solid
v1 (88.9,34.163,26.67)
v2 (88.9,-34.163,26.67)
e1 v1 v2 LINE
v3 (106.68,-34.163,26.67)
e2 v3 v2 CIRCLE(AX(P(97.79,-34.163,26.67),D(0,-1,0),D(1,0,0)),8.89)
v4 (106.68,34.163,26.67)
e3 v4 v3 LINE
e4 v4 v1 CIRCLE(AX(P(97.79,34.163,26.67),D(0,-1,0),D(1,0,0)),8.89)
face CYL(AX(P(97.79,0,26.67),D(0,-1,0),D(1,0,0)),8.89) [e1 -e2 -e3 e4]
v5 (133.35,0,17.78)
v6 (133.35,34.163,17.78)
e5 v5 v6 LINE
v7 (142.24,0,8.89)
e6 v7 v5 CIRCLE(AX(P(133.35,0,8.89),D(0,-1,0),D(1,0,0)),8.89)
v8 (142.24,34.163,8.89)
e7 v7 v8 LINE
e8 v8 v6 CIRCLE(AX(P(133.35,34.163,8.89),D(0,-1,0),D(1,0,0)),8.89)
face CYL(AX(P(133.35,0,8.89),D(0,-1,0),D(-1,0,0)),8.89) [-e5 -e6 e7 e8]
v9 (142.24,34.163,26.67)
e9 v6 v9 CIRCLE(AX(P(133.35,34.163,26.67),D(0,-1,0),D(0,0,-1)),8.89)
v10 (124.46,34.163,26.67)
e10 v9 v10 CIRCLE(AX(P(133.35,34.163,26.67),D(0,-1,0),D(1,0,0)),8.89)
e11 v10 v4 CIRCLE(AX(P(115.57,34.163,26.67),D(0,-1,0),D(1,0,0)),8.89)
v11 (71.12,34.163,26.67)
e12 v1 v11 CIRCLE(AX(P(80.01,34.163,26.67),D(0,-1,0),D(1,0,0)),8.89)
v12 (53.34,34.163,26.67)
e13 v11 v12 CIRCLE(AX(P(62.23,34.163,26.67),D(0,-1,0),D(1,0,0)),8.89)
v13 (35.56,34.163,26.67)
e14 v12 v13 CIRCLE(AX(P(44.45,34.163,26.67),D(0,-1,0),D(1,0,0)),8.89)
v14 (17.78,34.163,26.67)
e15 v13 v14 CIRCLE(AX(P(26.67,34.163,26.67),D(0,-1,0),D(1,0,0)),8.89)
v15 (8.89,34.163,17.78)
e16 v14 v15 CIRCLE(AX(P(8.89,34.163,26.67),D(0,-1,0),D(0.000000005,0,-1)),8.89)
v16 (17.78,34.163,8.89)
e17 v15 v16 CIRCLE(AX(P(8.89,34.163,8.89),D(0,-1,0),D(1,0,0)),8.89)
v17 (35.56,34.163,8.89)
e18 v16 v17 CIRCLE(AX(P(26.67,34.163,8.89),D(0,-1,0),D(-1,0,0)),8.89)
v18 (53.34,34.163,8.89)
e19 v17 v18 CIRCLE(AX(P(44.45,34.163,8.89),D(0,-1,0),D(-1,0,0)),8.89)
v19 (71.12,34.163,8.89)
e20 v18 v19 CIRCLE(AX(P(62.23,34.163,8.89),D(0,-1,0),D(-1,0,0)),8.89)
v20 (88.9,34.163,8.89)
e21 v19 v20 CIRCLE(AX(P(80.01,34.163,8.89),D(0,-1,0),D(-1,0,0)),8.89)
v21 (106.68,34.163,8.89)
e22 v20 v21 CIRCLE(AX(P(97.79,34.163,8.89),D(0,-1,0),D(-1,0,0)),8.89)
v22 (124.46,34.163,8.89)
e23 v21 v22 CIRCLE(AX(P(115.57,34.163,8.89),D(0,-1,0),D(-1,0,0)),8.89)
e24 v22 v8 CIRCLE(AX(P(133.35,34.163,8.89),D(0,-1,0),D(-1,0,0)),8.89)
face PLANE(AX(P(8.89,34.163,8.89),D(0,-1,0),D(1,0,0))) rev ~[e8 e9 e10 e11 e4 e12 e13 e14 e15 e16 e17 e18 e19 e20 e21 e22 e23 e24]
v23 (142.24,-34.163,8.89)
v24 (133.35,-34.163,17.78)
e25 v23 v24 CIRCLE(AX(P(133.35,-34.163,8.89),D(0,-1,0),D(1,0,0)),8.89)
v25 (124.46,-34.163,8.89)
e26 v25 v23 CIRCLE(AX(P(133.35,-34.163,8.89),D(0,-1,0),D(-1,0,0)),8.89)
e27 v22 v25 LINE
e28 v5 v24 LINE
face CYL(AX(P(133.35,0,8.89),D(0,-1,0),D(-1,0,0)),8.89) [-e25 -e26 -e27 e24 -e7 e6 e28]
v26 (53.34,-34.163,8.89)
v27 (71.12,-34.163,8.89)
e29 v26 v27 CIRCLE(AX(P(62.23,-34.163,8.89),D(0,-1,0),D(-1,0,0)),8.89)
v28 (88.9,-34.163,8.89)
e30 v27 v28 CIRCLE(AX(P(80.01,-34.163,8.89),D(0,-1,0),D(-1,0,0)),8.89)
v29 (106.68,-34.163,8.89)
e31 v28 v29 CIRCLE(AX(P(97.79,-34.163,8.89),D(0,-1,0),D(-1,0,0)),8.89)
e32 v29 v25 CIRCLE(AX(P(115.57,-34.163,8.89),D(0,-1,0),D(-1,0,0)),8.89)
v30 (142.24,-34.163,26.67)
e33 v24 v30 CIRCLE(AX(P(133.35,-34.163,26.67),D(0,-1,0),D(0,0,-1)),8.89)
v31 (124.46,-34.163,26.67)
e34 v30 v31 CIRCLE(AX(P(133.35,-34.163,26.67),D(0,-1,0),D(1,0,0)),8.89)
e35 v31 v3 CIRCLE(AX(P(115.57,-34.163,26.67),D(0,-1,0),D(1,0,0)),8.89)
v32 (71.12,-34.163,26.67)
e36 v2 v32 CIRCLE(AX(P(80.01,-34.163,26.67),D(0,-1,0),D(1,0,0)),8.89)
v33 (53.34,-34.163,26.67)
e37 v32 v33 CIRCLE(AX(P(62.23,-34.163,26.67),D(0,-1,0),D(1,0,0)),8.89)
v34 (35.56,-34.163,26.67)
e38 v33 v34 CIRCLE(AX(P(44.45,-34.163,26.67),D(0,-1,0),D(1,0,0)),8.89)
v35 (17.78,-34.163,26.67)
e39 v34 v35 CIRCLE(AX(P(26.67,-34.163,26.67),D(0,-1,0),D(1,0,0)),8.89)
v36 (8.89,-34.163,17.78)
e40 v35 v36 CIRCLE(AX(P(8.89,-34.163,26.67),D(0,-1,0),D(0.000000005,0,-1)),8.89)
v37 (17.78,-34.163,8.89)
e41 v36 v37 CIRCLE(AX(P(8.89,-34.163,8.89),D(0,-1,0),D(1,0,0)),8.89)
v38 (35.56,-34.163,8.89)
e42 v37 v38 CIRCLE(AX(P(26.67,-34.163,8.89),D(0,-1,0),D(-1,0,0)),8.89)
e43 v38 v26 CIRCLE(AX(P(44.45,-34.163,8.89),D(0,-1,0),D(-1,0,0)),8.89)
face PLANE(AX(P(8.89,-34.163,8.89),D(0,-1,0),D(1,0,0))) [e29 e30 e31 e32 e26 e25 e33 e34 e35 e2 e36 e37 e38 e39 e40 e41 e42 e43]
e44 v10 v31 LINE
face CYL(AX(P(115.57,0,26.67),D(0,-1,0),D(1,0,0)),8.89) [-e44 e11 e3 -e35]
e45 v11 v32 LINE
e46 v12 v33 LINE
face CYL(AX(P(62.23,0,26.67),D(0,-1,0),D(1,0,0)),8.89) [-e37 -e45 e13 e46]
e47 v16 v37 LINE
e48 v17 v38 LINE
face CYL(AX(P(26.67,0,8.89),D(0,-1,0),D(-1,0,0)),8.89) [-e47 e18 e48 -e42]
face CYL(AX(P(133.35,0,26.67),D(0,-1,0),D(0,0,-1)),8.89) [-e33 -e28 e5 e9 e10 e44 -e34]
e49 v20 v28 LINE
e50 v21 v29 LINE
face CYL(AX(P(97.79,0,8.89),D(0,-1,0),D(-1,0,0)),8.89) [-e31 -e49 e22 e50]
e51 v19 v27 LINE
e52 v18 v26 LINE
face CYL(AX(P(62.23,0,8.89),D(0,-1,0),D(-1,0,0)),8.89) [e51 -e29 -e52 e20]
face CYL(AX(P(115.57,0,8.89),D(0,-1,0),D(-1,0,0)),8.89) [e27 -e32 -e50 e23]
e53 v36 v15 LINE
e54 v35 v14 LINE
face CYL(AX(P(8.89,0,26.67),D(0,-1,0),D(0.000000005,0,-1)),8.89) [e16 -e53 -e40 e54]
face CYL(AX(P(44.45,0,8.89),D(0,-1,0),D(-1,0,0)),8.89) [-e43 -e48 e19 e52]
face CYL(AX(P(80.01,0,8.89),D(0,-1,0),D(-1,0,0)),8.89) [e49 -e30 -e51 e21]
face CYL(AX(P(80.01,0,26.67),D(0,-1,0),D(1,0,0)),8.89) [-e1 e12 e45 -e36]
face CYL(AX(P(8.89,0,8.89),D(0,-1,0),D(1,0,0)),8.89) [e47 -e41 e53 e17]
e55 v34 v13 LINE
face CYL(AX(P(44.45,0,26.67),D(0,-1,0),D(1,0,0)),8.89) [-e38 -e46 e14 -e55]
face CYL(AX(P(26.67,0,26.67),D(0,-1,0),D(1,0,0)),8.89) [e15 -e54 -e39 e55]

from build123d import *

# Parameters (mm, degrees)
F1_DEPTH = 34.163


with BuildPart() as f1:
    # F0 (on Front) → F1 (new body, symmetric)
    with BuildSketch(Plane.XZ):
        with BuildLine():
            ThreePointArc((8.8900000424, 17.78), (2.6038207003, 2.6038207302), (17.78, 8.89))
            ThreePointArc((17.78, 8.89), (15.1761792997, 15.1761792698), (8.8900000424, 17.78))
        make_face()
        with BuildLine():
            ThreePointArc((26.67, 17.78), (20.3838207153, 15.1761792847), (17.78, 8.89))
            ThreePointArc((17.78, 8.89), (26.67, 0), (35.56, 8.89))
            ThreePointArc((35.56, 8.89), (32.9561792847, 15.1761792847), (26.67, 17.78))
        make_face()
        with BuildLine():
            ThreePointArc((8.8900000424, 17.78), (15.1761792997, 15.1761792698), (17.78, 8.89))
            ThreePointArc((17.78, 8.89), (20.3838207153, 15.1761792847), (26.67, 17.78))
            ThreePointArc((26.67, 17.78), (20.3838207153, 20.3838207153), (17.78, 26.67))
            ThreePointArc((17.78, 26.67), (15.1761792997, 20.3838207302), (8.8900000424, 17.78))
        make_face()
        with BuildLine():
            ThreePointArc((17.78, 26.67), (2.6038207003, 32.9561792698), (8.8900000424, 17.78))
            ThreePointArc((8.8900000424, 17.78), (15.1761792997, 20.3838207302), (17.78, 26.67))
        make_face()
        with BuildLine():
            ThreePointArc((44.45, 17.78), (38.1638207153, 15.1761792847), (35.56, 8.89))
            ThreePointArc((35.56, 8.89), (44.45, 0), (53.34, 8.89))
            ThreePointArc((53.34, 8.89), (50.7361792847, 15.1761792847), (44.45, 17.78))
        make_face()
        with BuildLine():
            ThreePointArc((26.67, 17.78), (32.9561792847, 15.1761792847), (35.56, 8.89))
            ThreePointArc((35.56, 8.89), (38.1638207153, 15.1761792847), (44.45, 17.78))
            ThreePointArc((44.45, 17.78), (38.1638207153, 20.3838207153), (35.56, 26.67))
            ThreePointArc((35.56, 26.67), (32.9561792847, 20.3838207153), (26.67, 17.78))
        make_face()
        with BuildLine():
            ThreePointArc((17.78, 26.67), (20.3838207153, 20.3838207153), (26.67, 17.78))
            ThreePointArc((26.67, 17.78), (32.9561792847, 20.3838207153), (35.56, 26.67))
            ThreePointArc((35.56, 26.67), (26.67, 35.56), (17.78, 26.67))
        make_face()
        with BuildLine():
            ThreePointArc((62.23, 17.78), (55.9438207153, 15.1761792847), (53.34, 8.89))
            ThreePointArc((53.34, 8.89), (62.23, 0), (71.12, 8.89))
            ThreePointArc((71.12, 8.89), (68.5161792847, 15.1761792847), (62.23, 17.78))
        make_face()
        with BuildLine():
            ThreePointArc((44.45, 17.78), (50.7361792847, 15.1761792847), (53.34, 8.89))
            ThreePointArc((53.34, 8.89), (55.9438207153, 15.1761792847), (62.23, 17.78))
            ThreePointArc((62.23, 17.78), (55.9438207153, 20.3838207153), (53.34, 26.67))
            ThreePointArc((53.34, 26.67), (50.7361792847, 20.3838207153), (44.45, 17.78))
        make_face()
        with BuildLine():
            ThreePointArc((35.56, 26.67), (38.1638207153, 20.3838207153), (44.45, 17.78))
            ThreePointArc((44.45, 17.78), (50.7361792847, 20.3838207153), (53.34, 26.67))
            ThreePointArc((53.34, 26.67), (44.45, 35.56), (35.56, 26.67))
        make_face()
        with BuildLine():
            ThreePointArc((80.01, 17.78), (73.7238207153, 15.1761792847), (71.12, 8.89))
            ThreePointArc((71.12, 8.89), (80.01, 0), (88.9, 8.89))
            ThreePointArc((88.9, 8.89), (86.2961792847, 15.1761792847), (80.01, 17.78))
        make_face()
        with BuildLine():
            ThreePointArc((62.23, 17.78), (68.5161792847, 15.1761792847), (71.12, 8.89))
            ThreePointArc((71.12, 8.89), (73.7238207153, 15.1761792847), (80.01, 17.78))
            ThreePointArc((80.01, 17.78), (73.7238207153, 20.3838207153), (71.12, 26.67))
            ThreePointArc((71.12, 26.67), (68.5161792847, 20.3838207153), (62.23, 17.78))
        make_face()
        with BuildLine():
            ThreePointArc((53.34, 26.67), (55.9438207153, 20.3838207153), (62.23, 17.78))
            ThreePointArc((62.23, 17.78), (68.5161792847, 20.3838207153), (71.12, 26.67))
            ThreePointArc((71.12, 26.67), (62.23, 35.56), (53.34, 26.67))
        make_face()
        with BuildLine():
            ThreePointArc((97.79, 17.78), (91.5038207153, 15.1761792847), (88.9, 8.89))
            ThreePointArc((88.9, 8.89), (97.79, 0), (106.68, 8.89))
            ThreePointArc((106.68, 8.89), (104.0761792847, 15.1761792847), (97.79, 17.78))
        make_face()
        with BuildLine():
            ThreePointArc((80.01, 17.78), (86.2961792847, 15.1761792847), (88.9, 8.89))
            ThreePointArc((88.9, 8.89), (91.5038207153, 15.1761792847), (97.79, 17.78))
            ThreePointArc((97.79, 17.78), (91.5038207153, 20.3838207153), (88.9, 26.67))
            ThreePointArc((88.9, 26.67), (86.2961792847, 20.3838207153), (80.01, 17.78))
        make_face()
        with BuildLine():
            ThreePointArc((71.12, 26.67), (73.7238207153, 20.3838207153), (80.01, 17.78))
            ThreePointArc((80.01, 17.78), (86.2961792847, 20.3838207153), (88.9, 26.67))
            ThreePointArc((88.9, 26.67), (80.01, 35.56), (71.12, 26.67))
        make_face()
        with BuildLine():
            ThreePointArc((115.57, 17.78), (109.2838207153, 15.1761792847), (106.68, 8.89))
            ThreePointArc((106.68, 8.89), (115.57, 0), (124.46, 8.89))
            ThreePointArc((124.46, 8.89), (121.8561792847, 15.1761792847), (115.57, 17.78))
        make_face()
        with BuildLine():
            ThreePointArc((97.79, 17.78), (104.0761792847, 15.1761792847), (106.68, 8.89))
            ThreePointArc((106.68, 8.89), (109.2838207153, 15.1761792847), (115.57, 17.78))
            ThreePointArc((115.57, 17.78), (109.2838207153, 20.3838207153), (106.68, 26.67))
            ThreePointArc((106.68, 26.67), (104.0761792847, 20.3838207153), (97.79, 17.78))
        make_face()
        with BuildLine():
            ThreePointArc((88.9, 26.67), (91.5038207153, 20.3838207153), (97.79, 17.78))
            ThreePointArc((97.79, 17.78), (104.0761792847, 20.3838207153), (106.68, 26.67))
            ThreePointArc((106.68, 26.67), (97.79, 35.56), (88.9, 26.67))
        make_face()
        with BuildLine():
            ThreePointArc((133.35, 17.78), (127.0638207153, 15.1761792847), (124.46, 8.89))
            ThreePointArc((124.46, 8.89), (133.35, 0), (142.24, 8.89))
            ThreePointArc((142.24, 8.89), (139.6361792847, 15.1761792847), (133.35, 17.78))
        make_face()
        with BuildLine():
            ThreePointArc((115.57, 17.78), (121.8561792847, 15.1761792847), (124.46, 8.89))
            ThreePointArc((124.46, 8.89), (127.0638207153, 15.1761792847), (133.35, 17.78))
            ThreePointArc((133.35, 17.78), (127.0638207153, 20.3838207153), (124.46, 26.67))
            ThreePointArc((124.46, 26.67), (121.8561792847, 20.3838207153), (115.57, 17.78))
        make_face()
        with BuildLine():
            ThreePointArc((106.68, 26.67), (109.2838207153, 20.3838207153), (115.57, 17.78))
            ThreePointArc((115.57, 17.78), (121.8561792847, 20.3838207153), (124.46, 26.67))
            ThreePointArc((124.46, 26.67), (115.57, 35.56), (106.68, 26.67))
        make_face()
        with BuildLine():
            ThreePointArc((124.46, 26.67), (127.0638207153, 20.3838207153), (133.35, 17.78))
            ThreePointArc((133.35, 17.78), (139.6361792847, 20.3838207153), (142.24, 26.67))
            ThreePointArc((142.24, 26.67), (133.35, 35.56), (124.46, 26.67))
        make_face()
    extrude(amount=F1_DEPTH, both=True)


solid = f1.part
